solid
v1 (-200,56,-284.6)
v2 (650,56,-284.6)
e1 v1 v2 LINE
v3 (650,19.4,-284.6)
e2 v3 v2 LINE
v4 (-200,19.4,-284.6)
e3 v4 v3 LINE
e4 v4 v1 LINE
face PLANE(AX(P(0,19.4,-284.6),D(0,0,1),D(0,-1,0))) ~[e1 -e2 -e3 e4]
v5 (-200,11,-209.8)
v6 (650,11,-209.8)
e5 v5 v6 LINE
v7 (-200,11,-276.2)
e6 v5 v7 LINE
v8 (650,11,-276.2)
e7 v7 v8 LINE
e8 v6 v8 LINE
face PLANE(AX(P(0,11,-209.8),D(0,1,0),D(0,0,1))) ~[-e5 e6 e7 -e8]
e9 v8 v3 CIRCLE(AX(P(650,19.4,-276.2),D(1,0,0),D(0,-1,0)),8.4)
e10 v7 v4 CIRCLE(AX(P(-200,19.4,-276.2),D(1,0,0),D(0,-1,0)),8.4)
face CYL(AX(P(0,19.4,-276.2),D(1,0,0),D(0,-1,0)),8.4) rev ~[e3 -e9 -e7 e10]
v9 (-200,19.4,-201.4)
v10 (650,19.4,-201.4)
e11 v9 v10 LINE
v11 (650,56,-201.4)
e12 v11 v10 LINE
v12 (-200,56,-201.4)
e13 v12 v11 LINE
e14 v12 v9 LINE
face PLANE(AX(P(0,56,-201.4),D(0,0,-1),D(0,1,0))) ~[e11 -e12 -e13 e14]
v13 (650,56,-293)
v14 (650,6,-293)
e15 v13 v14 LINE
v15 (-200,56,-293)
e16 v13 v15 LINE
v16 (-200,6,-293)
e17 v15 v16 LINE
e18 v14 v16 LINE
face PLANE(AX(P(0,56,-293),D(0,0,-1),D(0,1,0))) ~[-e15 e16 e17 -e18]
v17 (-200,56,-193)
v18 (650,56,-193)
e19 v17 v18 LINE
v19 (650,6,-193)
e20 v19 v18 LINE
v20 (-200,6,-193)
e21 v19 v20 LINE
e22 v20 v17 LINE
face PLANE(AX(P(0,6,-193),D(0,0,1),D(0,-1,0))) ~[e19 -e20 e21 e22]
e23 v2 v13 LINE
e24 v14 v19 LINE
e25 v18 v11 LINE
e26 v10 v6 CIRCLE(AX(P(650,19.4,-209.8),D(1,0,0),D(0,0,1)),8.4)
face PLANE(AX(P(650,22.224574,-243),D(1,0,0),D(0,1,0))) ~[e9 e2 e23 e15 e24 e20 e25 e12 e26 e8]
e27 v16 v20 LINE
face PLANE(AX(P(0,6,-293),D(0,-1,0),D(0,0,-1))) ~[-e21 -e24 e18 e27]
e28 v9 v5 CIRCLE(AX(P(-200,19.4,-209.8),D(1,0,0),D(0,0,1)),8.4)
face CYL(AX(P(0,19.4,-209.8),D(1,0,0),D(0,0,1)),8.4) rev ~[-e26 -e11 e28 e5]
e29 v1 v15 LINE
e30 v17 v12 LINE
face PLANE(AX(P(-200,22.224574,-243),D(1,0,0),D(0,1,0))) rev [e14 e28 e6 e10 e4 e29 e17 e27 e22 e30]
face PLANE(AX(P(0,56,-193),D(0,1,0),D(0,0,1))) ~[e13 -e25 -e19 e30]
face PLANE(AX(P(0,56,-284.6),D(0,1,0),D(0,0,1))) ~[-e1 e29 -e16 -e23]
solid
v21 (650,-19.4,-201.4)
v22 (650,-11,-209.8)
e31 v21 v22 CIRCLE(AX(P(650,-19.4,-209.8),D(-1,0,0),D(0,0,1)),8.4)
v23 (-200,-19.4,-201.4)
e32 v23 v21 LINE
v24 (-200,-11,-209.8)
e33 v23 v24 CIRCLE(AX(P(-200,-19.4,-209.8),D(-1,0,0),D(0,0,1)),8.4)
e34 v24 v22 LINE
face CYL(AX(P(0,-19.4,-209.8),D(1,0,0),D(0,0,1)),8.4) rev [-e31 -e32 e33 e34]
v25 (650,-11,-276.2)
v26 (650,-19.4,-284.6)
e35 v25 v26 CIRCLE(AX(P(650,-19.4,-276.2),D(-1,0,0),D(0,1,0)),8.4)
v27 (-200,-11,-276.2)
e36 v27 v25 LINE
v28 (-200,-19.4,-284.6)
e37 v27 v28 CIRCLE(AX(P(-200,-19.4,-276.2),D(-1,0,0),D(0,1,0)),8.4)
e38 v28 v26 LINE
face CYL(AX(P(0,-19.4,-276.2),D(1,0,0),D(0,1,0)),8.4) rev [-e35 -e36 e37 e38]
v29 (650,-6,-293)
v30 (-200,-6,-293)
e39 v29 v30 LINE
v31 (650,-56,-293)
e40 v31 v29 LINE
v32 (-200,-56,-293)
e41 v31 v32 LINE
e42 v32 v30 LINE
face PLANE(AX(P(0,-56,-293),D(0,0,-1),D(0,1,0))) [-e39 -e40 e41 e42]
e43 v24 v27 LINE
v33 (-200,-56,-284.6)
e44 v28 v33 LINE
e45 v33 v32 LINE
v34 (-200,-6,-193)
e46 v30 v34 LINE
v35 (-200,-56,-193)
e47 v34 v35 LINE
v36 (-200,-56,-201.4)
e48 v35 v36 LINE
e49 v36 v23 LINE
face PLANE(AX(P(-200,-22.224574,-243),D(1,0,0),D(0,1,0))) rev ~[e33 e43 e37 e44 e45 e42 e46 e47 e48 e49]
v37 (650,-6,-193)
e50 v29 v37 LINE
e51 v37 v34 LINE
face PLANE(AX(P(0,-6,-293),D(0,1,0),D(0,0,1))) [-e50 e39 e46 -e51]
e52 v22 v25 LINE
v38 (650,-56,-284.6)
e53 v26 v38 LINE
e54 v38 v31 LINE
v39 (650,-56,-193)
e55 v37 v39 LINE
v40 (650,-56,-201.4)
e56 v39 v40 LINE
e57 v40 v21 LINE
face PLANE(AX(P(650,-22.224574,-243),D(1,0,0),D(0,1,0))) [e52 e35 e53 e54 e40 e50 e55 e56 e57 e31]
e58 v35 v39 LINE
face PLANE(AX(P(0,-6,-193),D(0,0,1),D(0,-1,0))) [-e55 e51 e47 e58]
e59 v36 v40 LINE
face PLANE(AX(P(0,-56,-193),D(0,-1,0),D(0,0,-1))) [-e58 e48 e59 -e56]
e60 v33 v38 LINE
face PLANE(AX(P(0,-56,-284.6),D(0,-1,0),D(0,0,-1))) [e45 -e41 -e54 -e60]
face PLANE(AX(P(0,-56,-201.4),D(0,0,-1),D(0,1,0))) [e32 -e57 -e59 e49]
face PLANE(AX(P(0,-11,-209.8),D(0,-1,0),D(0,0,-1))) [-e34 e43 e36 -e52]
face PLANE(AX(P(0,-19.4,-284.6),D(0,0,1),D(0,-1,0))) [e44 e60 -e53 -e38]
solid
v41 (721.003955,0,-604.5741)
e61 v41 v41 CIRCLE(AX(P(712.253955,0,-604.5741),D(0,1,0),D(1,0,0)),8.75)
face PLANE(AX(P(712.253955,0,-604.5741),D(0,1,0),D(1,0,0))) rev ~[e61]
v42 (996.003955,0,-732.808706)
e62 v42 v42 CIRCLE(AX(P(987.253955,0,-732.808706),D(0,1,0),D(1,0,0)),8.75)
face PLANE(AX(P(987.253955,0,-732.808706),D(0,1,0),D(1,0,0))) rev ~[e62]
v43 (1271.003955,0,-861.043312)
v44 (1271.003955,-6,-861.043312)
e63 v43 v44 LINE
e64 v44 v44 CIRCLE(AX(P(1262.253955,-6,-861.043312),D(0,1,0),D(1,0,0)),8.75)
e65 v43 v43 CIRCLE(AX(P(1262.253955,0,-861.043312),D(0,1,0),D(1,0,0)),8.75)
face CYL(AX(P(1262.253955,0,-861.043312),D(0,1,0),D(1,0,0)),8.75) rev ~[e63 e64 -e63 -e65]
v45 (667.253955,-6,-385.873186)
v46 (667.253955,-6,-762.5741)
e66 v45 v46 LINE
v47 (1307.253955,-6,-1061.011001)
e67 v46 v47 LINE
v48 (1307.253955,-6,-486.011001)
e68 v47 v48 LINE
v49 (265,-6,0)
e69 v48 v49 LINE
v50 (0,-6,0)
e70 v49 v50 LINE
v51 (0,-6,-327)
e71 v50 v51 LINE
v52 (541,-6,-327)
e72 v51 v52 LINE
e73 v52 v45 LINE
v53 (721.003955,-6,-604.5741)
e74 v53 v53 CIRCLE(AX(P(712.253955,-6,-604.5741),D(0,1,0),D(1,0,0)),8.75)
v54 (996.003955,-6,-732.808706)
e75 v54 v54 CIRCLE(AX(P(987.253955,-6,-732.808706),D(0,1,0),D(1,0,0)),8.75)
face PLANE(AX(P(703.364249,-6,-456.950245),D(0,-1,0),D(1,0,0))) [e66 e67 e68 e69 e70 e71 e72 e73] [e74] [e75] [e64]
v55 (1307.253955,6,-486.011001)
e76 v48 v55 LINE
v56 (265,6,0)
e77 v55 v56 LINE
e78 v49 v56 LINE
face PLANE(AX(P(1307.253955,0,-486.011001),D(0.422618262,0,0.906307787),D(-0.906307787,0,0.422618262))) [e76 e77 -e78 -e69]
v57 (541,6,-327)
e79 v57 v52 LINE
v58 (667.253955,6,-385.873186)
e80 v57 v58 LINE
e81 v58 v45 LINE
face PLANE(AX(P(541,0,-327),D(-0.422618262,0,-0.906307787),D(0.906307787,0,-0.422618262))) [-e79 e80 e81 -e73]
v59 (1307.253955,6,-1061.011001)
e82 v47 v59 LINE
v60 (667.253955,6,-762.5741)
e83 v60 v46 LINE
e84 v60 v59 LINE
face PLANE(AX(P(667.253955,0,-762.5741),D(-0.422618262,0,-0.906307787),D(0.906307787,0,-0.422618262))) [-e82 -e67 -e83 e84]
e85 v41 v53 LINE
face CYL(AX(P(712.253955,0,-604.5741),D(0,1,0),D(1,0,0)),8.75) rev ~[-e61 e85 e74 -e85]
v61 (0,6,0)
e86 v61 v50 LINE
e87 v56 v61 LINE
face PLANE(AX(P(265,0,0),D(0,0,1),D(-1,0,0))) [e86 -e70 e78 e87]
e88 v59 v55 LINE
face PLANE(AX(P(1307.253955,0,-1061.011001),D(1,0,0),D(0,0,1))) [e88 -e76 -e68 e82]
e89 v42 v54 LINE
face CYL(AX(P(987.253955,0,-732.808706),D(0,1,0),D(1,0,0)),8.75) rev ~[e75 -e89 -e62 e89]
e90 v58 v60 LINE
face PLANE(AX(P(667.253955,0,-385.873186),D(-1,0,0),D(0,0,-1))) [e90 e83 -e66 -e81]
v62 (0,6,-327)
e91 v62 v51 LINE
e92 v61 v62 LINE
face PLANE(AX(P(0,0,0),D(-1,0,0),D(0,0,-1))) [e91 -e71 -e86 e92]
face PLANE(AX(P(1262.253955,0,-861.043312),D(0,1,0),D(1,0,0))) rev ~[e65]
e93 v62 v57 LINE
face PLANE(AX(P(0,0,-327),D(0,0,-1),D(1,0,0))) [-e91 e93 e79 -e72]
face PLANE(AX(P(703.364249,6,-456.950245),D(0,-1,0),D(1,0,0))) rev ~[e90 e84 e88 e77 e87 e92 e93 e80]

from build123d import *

# Parameters (mm, degrees)
F1_DEPTH      = 6
F2_D          = 17.5
F2_DEPTH      = 6.001
F4_DEPTH      = 650
F4_DEPTH_BACK = 200


with BuildPart() as f1:
    # F0 (on Front) → F1 (new body, symmetric)
    with BuildSketch(Plane.XZ):
        Polygon((265, 0), (0, 0), (0, -327), (541, -327), (667.2539550921, -385.8731861318), (667.2539550921, -762.5740997826), (1307.2539550921, -1061.0110010018), (1307.2539550921, -486.0110010018), align=None)
    extrude(amount=F1_DEPTH, both=True)

    # F2 (through all, one way)
    with BuildSketch(Plane(origin=(0, 0, 0), x_dir=(1, 0, 0), z_dir=(0, 1, 0))):
        with Locations((712.2539550921, 604.5740997826), (987.2539550921, 732.8087057752), (1262.2539550921, 861.0433117679)):
            Circle(F2_D / 2)
    extrude(amount=-F2_DEPTH, mode=Mode.SUBTRACT)


with BuildPart() as f4:
    # F3 (on Right) → F4 (new body, two sides)
    with BuildSketch(Plane.YZ) as f4_sk:
        with BuildLine():
            Line((-6, -193), (-56, -193))
            Line((-56, -193), (-56, -201.4))
            Line((-56, -201.4), (-19.4, -201.4))
            ThreePointArc((-19.4, -201.4), (-13.460303038, -203.860303038), (-11, -209.8))
            Line((-11, -209.8), (-11, -276.2))
            ThreePointArc((-11, -276.2), (-13.460303038, -282.139696962), (-19.4, -284.6))
            Line((-19.4, -284.6), (-56, -284.6))
            Line((-56, -284.6), (-56, -293))
            Line((-56, -293), (-6, -293))
            Line((-6, -293), (-6, -193))
        make_face()
    extrude(amount=F4_DEPTH)
    extrude(f4_sk.sketch, amount=-F4_DEPTH_BACK)


with BuildPart() as f5_1:
    # F5: instance of F4
    add(f4.part.mirror(Plane.XZ))


solid = Compound([f1.part, f4.part, f5_1.part])
